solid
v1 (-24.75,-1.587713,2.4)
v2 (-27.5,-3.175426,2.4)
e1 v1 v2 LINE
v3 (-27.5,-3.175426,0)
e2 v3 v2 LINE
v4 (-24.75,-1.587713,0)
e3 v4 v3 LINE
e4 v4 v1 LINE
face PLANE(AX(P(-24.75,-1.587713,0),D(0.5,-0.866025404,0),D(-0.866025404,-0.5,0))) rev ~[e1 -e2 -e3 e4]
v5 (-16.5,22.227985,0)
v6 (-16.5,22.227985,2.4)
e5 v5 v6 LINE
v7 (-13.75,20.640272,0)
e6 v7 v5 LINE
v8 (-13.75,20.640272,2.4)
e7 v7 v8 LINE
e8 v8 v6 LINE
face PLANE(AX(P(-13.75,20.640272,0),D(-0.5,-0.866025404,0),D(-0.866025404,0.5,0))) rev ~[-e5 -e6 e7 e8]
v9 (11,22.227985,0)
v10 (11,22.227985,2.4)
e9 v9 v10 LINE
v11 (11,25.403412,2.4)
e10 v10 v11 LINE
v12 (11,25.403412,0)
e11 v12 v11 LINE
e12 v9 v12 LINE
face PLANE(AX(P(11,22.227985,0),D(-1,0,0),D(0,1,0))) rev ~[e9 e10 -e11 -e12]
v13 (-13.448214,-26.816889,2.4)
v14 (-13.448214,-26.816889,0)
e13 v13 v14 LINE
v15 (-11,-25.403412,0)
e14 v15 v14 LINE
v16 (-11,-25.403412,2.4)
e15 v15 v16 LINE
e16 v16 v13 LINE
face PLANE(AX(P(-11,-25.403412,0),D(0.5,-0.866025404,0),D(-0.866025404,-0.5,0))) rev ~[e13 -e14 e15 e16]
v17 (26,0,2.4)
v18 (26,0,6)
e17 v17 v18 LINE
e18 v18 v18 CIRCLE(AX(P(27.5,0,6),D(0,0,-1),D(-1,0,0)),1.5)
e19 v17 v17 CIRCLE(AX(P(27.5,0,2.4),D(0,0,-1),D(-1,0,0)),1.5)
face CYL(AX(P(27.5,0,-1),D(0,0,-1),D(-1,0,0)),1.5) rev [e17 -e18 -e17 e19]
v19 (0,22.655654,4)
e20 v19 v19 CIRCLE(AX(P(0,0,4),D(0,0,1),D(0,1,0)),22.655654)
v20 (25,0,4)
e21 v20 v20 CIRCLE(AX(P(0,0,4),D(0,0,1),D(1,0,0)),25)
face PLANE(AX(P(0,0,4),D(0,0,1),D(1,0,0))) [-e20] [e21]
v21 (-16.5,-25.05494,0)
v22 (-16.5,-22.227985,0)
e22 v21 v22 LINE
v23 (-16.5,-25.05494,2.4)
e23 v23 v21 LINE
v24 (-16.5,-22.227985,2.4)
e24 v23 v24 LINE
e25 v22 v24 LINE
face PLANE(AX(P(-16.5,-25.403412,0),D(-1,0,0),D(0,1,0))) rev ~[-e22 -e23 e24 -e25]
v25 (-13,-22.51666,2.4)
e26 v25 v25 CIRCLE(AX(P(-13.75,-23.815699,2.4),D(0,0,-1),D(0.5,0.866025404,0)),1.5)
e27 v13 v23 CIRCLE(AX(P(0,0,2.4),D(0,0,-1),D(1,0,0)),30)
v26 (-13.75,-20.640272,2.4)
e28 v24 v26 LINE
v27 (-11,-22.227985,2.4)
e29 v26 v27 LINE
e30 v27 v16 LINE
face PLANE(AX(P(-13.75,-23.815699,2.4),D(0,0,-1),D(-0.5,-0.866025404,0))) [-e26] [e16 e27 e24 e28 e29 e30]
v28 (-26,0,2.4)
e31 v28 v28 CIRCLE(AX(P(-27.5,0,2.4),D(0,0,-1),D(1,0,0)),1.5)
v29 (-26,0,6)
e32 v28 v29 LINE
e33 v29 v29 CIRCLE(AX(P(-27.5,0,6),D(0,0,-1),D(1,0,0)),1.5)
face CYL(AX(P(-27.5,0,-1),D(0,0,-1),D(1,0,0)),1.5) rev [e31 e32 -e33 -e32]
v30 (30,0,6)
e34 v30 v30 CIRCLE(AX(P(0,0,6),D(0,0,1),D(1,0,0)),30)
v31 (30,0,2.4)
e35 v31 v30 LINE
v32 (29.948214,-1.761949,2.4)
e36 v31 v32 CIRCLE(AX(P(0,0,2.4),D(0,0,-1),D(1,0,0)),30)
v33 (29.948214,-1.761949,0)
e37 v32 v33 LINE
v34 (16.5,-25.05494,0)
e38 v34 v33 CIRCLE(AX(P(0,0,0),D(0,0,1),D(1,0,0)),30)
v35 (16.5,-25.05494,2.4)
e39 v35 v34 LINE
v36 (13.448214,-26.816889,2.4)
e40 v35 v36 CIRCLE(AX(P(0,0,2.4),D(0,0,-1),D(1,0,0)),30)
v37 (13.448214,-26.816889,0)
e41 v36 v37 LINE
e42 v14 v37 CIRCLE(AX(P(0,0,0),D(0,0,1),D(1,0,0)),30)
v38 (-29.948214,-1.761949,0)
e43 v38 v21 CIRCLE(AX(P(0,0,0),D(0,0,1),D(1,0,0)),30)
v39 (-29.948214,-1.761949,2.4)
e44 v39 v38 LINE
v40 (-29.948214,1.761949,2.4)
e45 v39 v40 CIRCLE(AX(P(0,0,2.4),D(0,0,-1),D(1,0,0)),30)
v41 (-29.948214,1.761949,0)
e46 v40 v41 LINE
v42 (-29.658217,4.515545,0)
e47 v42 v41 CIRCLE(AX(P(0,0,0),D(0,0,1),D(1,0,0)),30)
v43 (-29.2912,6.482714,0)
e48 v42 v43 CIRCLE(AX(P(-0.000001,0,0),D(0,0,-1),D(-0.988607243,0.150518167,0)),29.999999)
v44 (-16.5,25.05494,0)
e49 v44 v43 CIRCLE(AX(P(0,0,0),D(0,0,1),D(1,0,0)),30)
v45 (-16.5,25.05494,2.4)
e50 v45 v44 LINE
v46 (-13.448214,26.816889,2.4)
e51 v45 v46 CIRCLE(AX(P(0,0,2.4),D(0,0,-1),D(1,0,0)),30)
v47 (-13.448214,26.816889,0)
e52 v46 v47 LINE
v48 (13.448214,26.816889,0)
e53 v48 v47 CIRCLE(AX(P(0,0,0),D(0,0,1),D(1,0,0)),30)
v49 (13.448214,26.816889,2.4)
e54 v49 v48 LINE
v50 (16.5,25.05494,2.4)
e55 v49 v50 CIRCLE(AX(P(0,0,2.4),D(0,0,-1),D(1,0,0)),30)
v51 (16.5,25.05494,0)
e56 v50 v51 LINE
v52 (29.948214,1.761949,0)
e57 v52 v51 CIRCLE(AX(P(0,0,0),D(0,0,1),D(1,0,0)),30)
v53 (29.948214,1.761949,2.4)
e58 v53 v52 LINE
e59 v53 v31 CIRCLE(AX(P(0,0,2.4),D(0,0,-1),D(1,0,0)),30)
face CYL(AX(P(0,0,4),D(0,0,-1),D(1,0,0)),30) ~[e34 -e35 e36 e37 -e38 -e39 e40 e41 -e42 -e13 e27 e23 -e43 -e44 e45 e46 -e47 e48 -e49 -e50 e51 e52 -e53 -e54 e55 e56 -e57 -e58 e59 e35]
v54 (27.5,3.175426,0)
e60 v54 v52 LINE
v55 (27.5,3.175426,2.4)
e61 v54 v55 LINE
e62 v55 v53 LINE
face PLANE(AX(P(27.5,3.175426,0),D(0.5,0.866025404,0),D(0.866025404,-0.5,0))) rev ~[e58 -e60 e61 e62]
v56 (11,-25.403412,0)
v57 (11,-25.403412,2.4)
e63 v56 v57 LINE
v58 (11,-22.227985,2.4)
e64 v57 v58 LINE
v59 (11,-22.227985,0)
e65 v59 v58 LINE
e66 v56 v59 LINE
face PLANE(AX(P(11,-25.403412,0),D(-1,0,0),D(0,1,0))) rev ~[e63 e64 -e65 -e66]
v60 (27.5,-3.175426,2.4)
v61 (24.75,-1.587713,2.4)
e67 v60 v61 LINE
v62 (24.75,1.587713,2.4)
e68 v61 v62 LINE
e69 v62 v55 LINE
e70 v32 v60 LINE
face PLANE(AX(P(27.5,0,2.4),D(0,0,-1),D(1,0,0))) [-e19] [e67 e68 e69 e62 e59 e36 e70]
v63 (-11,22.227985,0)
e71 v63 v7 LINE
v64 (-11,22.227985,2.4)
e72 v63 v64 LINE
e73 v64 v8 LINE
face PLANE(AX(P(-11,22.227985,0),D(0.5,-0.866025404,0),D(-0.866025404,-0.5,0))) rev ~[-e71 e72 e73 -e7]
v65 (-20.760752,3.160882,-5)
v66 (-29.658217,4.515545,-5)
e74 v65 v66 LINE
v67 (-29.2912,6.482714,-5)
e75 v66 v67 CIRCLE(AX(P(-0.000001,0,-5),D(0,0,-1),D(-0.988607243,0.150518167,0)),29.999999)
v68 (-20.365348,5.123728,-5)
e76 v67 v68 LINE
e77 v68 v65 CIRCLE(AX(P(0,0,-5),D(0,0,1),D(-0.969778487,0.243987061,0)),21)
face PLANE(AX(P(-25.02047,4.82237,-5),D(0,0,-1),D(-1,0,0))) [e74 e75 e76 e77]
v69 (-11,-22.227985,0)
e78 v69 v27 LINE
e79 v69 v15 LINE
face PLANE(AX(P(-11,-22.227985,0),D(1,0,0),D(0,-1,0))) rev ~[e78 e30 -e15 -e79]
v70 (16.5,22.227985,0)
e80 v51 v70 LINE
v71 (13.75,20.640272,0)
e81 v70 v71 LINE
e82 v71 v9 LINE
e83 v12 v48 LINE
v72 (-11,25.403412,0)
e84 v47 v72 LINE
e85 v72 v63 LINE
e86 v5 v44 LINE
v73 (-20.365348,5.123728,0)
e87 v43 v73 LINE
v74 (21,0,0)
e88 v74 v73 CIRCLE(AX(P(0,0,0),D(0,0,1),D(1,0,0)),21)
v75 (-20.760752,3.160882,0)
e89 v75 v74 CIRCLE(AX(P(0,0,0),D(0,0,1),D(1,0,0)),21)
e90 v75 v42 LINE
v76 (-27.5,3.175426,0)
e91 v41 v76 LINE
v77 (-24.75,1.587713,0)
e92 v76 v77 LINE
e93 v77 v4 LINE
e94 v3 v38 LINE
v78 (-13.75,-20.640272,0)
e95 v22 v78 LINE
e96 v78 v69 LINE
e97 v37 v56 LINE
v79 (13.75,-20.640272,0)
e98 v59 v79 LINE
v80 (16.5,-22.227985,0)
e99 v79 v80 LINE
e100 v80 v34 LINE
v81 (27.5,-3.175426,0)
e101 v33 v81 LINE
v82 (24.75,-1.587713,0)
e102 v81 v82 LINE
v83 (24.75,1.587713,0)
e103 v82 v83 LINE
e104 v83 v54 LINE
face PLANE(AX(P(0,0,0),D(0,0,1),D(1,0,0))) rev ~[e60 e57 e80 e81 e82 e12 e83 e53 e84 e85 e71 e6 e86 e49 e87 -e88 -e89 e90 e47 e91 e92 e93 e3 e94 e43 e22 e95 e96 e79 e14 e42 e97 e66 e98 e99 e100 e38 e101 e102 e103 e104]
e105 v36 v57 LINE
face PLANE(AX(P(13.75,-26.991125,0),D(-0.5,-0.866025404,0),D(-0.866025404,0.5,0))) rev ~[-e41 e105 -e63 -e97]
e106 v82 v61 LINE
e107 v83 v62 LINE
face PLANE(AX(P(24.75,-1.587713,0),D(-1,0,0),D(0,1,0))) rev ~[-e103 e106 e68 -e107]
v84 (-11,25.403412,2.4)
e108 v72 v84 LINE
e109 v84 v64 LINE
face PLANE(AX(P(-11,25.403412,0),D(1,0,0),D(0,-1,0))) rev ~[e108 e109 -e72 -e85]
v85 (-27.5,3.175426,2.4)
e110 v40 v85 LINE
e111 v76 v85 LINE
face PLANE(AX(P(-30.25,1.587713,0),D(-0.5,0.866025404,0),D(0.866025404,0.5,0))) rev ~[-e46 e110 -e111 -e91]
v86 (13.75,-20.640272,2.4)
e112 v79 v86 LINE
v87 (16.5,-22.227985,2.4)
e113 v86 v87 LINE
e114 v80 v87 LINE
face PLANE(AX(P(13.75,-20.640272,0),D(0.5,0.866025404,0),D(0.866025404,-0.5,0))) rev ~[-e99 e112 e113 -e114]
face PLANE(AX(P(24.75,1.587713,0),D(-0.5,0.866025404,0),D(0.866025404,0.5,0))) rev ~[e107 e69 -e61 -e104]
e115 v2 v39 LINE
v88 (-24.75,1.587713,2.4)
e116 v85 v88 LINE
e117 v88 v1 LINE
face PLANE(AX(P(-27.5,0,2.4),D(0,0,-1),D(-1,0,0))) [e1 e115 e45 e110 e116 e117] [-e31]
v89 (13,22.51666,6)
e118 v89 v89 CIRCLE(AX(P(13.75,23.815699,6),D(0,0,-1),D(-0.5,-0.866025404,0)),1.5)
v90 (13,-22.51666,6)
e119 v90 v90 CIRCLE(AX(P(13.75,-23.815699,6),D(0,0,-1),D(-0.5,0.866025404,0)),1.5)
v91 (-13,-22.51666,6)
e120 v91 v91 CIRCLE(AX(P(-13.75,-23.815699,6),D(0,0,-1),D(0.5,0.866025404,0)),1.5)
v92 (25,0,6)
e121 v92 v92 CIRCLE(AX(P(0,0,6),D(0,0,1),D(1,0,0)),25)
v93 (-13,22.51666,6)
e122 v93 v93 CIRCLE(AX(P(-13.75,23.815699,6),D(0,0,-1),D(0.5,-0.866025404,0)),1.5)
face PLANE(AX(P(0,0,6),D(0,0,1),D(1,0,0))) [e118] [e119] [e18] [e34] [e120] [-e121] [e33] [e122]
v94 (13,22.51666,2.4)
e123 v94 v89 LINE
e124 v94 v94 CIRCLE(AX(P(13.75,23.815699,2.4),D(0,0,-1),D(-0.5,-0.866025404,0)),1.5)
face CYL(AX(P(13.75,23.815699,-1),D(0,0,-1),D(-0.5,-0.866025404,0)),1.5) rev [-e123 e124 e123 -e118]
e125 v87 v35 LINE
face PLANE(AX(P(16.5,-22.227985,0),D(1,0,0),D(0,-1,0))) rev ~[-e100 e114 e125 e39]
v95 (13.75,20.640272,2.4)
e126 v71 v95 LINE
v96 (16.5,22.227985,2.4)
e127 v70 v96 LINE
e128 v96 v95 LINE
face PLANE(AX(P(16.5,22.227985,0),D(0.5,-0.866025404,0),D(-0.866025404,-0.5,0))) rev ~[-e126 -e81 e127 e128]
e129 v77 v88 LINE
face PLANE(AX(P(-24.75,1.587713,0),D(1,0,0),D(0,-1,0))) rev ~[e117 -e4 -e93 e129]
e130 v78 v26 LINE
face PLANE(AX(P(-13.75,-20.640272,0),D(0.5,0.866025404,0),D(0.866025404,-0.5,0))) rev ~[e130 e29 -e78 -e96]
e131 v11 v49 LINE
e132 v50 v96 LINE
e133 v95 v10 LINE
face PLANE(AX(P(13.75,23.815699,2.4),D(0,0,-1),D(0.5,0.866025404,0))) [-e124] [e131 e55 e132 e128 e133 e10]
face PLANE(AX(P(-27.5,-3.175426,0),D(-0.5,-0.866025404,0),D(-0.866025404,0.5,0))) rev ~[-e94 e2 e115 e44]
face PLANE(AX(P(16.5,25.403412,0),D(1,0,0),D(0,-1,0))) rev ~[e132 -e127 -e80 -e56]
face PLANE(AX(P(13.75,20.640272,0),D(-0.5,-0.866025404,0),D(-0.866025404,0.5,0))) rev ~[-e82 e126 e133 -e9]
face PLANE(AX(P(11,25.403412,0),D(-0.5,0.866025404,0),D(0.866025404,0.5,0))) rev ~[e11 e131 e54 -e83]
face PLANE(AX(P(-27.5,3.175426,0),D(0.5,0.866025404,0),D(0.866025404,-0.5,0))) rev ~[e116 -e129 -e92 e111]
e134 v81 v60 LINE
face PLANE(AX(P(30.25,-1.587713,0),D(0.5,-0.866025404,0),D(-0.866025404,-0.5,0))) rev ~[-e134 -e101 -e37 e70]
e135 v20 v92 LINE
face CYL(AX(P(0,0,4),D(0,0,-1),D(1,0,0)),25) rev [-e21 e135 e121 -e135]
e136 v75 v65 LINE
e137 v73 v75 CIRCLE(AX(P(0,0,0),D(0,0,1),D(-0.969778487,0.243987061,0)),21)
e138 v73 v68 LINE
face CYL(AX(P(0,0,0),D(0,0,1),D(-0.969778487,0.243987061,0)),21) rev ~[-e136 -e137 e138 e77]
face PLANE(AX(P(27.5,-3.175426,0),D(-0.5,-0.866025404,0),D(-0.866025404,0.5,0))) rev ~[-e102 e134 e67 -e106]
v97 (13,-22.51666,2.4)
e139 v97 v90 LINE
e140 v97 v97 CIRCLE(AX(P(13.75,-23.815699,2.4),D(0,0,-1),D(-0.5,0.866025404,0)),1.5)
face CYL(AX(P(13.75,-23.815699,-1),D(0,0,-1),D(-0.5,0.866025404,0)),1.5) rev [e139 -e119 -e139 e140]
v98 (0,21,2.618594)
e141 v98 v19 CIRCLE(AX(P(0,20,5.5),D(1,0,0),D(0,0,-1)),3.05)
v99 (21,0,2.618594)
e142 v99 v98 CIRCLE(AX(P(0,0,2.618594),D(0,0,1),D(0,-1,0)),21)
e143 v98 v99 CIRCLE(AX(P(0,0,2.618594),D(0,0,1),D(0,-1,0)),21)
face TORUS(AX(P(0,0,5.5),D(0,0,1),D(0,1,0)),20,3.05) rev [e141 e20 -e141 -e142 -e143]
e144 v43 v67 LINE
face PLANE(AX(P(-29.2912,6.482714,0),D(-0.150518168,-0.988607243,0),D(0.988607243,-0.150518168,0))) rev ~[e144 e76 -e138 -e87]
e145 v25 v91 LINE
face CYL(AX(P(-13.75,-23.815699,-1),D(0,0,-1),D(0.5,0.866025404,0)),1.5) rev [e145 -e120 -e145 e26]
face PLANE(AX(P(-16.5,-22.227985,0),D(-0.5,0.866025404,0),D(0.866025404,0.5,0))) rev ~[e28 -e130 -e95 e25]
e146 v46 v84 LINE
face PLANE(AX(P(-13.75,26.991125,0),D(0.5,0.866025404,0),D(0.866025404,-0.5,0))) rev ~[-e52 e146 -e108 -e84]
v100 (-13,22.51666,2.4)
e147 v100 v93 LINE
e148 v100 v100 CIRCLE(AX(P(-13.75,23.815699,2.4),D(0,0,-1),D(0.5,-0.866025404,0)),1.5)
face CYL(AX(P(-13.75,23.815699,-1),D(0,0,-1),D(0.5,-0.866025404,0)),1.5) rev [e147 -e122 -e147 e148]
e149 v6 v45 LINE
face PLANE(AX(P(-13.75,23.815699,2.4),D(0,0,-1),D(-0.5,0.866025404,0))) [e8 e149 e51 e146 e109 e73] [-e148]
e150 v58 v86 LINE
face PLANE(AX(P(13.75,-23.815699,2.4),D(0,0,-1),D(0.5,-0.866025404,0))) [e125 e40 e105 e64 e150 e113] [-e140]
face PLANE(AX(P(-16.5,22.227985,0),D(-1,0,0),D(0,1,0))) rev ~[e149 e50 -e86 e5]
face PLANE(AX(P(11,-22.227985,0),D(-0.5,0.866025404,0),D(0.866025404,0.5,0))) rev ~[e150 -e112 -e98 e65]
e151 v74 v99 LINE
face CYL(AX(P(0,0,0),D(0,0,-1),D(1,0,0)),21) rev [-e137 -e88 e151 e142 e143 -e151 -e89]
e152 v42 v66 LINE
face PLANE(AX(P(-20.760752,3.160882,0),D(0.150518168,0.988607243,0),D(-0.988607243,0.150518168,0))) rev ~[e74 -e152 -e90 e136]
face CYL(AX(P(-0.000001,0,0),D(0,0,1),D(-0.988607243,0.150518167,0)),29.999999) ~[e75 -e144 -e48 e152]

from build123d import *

# Parameters (mm, degrees)
SCHIZZO1_R                   = 30
SCHIZZO1_R_2                 = 21
ESTRUSIONE_ESTRUSIONE1_DEPTH = 4
SCHIZZO2_R                   = 3.05
SCHIZZO3_R                   = 30
SCHIZZO3_R_2                 = 25
ESTRUSIONE_ESTRUSIONE2_DEPTH = 2
TAGLIO_ESTRUSIONE1_START     = -1
SCHIZZO4_R                   = 1.5
TAGLIO_ESTRUSIONE1_DEPTH     = 8
TAGLIO_ESTRUSIONE2_DEPTH     = 2.4
RIPETIZIONECIRCOLARE1_COUNT  = 6
ESTRUSIONE_ESTRUSIONE3_DEPTH = 5


with BuildPart() as part:
    # Schizzo1 → Estrusione-Estrusione1 (new body)
    with BuildSketch(Plane.XY):
        Circle(SCHIZZO1_R)
        Circle(SCHIZZO1_R_2, mode=Mode.SUBTRACT)
    extrude(amount=ESTRUSIONE_ESTRUSIONE1_DEPTH)

    # Schizzo2 → Taglia-Rivoluzione1 (revolve, cut)
    with BuildSketch(Plane(origin=(0, 0, 0), x_dir=(0, 0, -1), z_dir=(1, 0, 0))):
        with Locations((-5.5, 20)):
            Circle(SCHIZZO2_R)
    revolve(axis=Axis((0, 0, 4), (0, 0, -1)), mode=Mode.SUBTRACT)

    # Schizzo3 → Estrusione-Estrusione2 (add)
    with BuildSketch(Plane.XY.offset(4)):
        Circle(SCHIZZO3_R)
        Circle(SCHIZZO3_R_2, mode=Mode.SUBTRACT)
    extrude(amount=ESTRUSIONE_ESTRUSIONE2_DEPTH)

    # Schizzo4 → Taglio-Estrusione1 (cut)
    with BuildSketch(Plane.XY.offset(TAGLIO_ESTRUSIONE1_START)):
        with Locations((-27.5, 0)):
            Circle(SCHIZZO4_R)
    taglio_estrusione1 = extrude(amount=TAGLIO_ESTRUSIONE1_DEPTH, mode=Mode.SUBTRACT)

    # Schizzo5 → Taglio-Estrusione2 (cut)
    with BuildSketch(Plane(origin=(0, 0, 0), x_dir=(-1, 0, 0), z_dir=(0, 0, -1))):
        Polygon((30.25, 1.58771324), (27.5, 3.175426481), (24.75, 1.58771324), (24.75, -1.58771324), (27.5, -3.175426481), (30.25, -1.58771324), align=None)
    taglio_estrusione2 = extrude(amount=-TAGLIO_ESTRUSIONE2_DEPTH, mode=Mode.SUBTRACT)

    # RipetizioneCircolare1: Taglio-Estrusione1, Taglio-Estrusione2 ×6 about axis
    ripetizionecircolare1_axis = Axis((0, 0, 0), (0, 0, 1))
    for i in range(1, RIPETIZIONECIRCOLARE1_COUNT):
        add(taglio_estrusione1.rotate(ripetizionecircolare1_axis, i * 360 / RIPETIZIONECIRCOLARE1_COUNT), mode=Mode.SUBTRACT)
        add(taglio_estrusione2.rotate(ripetizionecircolare1_axis, i * 360 / RIPETIZIONECIRCOLARE1_COUNT), mode=Mode.SUBTRACT)

    # Schizzo6 → Estrusione-Estrusione3 (add)
    with BuildSketch(Plane(origin=(0, 0, 0), x_dir=(-1, 0, 0), z_dir=(0, 0, -1))):
        with BuildLine():
            Line((20.760752105, 3.160881527), (29.658217293, 4.515545038))
            ThreePointArc((29.658217293, 4.515545038), (29.491115616, 5.50219045), (29.291200414, 6.482713806))
            Line((29.291200414, 6.482713806), (20.365348226, 5.123728295))
            ThreePointArc((20.365348226, 5.123728295), (20.586457295, 4.147020139), (20.760752105, 3.160881527))
        make_face()
    extrude(amount=ESTRUSIONE_ESTRUSIONE3_DEPTH)


solid = part.part
